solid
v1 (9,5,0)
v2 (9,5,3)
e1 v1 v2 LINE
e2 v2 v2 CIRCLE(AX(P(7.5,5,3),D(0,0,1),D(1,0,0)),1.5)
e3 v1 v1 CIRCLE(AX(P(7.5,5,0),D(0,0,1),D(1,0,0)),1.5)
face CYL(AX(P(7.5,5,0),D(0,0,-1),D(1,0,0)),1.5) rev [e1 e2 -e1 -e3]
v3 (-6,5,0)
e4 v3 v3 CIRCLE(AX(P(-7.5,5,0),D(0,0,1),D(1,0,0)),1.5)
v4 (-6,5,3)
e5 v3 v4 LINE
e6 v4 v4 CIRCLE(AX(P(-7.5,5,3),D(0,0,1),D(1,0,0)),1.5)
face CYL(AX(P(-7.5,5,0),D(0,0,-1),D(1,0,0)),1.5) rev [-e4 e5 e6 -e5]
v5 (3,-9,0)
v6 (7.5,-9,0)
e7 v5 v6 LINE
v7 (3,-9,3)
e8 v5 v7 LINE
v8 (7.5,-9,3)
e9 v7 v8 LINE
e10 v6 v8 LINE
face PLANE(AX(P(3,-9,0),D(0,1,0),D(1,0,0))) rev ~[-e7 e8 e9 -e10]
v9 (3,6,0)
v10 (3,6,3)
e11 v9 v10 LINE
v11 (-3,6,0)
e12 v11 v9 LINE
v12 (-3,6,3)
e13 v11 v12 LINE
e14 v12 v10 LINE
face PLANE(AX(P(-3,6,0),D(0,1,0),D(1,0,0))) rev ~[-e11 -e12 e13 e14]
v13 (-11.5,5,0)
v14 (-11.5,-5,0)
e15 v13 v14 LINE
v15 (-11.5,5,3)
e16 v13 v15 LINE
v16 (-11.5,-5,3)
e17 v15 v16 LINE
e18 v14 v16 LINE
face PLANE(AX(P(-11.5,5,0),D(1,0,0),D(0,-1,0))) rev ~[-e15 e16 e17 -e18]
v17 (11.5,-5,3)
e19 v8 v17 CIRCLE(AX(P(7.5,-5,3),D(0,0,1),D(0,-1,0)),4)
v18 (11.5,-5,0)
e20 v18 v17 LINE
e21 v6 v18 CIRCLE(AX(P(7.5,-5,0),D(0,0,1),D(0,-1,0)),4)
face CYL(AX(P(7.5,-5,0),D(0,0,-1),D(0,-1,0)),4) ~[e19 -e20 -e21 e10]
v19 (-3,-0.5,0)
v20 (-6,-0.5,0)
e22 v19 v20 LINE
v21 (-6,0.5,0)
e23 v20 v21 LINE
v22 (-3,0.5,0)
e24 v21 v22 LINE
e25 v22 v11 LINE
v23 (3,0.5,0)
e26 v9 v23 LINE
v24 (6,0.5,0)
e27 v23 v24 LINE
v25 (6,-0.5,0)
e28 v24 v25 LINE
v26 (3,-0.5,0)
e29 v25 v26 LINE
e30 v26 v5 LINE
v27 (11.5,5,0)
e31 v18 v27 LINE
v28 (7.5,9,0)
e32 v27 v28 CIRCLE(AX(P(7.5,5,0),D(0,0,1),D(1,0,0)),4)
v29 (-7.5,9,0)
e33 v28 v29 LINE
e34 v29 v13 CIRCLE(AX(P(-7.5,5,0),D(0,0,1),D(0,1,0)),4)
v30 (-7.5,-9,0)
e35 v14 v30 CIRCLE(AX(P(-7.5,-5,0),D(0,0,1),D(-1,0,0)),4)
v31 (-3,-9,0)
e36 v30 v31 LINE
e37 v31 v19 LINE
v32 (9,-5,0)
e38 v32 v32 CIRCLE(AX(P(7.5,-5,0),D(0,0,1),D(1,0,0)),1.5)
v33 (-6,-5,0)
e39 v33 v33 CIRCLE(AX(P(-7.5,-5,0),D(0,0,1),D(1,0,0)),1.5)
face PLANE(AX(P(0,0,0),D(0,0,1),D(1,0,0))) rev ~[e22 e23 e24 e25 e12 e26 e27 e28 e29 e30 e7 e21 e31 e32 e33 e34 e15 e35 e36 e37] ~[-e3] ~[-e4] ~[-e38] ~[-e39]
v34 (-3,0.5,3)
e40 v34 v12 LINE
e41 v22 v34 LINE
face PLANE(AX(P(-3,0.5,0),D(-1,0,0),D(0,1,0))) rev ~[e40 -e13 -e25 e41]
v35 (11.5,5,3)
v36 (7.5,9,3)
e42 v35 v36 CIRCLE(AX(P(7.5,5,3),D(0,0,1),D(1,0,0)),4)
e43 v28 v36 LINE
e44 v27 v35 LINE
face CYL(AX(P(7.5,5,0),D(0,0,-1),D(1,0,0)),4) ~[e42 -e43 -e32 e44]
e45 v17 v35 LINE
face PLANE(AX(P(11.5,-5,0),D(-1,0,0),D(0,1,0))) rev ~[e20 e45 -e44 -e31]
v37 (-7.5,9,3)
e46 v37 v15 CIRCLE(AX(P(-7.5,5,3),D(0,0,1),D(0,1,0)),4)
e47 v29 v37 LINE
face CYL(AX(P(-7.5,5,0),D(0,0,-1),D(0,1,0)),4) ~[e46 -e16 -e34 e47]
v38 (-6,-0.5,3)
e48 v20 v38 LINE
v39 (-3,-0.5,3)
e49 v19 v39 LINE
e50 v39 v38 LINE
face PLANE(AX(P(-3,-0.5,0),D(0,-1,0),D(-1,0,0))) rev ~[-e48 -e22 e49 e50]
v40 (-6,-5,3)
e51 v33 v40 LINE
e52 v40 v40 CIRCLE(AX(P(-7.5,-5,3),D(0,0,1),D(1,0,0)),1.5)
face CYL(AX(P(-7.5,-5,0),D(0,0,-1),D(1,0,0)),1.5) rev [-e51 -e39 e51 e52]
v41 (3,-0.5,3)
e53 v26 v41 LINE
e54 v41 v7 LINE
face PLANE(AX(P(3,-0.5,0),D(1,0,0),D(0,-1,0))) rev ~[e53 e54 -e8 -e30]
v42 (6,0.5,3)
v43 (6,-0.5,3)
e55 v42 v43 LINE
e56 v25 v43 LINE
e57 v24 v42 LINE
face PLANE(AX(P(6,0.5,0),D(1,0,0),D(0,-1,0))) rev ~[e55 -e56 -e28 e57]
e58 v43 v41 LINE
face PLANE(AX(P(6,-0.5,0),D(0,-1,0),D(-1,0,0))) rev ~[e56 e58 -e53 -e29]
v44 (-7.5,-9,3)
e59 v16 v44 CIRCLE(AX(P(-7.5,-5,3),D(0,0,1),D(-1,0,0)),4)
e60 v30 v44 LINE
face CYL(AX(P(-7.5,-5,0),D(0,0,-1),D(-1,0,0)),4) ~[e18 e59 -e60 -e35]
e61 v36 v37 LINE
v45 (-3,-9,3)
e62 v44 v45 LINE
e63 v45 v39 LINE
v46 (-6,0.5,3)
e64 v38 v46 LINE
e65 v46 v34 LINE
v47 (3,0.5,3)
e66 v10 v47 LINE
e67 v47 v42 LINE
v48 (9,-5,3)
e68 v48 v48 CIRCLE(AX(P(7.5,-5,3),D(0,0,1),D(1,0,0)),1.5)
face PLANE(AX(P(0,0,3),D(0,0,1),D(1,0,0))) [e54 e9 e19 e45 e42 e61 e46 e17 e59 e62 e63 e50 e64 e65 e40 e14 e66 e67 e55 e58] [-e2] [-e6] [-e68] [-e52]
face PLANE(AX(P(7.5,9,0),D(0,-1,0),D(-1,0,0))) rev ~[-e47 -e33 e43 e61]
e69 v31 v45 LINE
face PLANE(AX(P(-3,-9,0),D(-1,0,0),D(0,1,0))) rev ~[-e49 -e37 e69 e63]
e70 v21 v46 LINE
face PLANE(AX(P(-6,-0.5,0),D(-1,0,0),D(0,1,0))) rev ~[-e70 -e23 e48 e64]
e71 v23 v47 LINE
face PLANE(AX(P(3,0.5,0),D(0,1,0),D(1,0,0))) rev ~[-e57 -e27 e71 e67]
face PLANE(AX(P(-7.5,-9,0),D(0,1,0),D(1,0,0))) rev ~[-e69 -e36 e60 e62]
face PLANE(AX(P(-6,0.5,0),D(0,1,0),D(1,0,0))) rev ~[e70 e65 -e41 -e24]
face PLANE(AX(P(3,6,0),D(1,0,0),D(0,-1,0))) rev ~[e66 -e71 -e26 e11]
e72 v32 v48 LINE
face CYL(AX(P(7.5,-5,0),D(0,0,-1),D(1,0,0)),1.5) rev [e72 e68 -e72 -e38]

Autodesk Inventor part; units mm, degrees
ref_plane "YZ Plane" through (0, 0, 0) normal (1, 0, 0) x (0, 1, 0)
ref_plane "XZ Plane" through (0, 0, 0) normal (0, 1, 0) x (-1, 0, 0)
ref_plane "XY Plane" through (0, 0, 0) normal (0, 0, 1) x (1, 0, 0)
sketch "Sketch1" plane through (0, 0, 0) normal (0, 0, 1) x (1, 0, 0)
  line L0 (-3, -9) -> (-3, -0.5)
  line L1 (-3, -0.5) -> (-6, -0.5)
  line L2 (-6, -0.5) -> (-6, 0.5)
  line L3 (-6, 0.5) -> (-3, 0.5)
  line L4 (-3, 0.5) -> (-3, 6)
  line L5 (-3, 6) -> (3, 6)
  line L6 (3, 6) -> (3, 0.5)
  line L7 (3, 0.5) -> (6, 0.5)
  line L8 (6, 0.5) -> (6, -0.5)
  line L9 (6, -0.5) -> (3, -0.5)
  line L10 (3, -0.5) -> (3, -9)
  line L11 (3, -9) -> (7.5, -9)
  arc A0 (7.5, -9) -> (11.5, -5) centre (7.5, -5) ccw
  line L12 (11.5, -5) -> (11.5, 5)
  arc A1 (11.5, 5) -> (7.5, 9) centre (7.5, 5) ccw
  line L13 (7.5, 9) -> (-7.5, 9)
  arc A2 (-7.5, 9) -> (-11.5, 5) centre (-7.5, 5) ccw
  line L14 (-11.5, 5) -> (-11.5, -5)
  arc A3 (-11.5, -5) -> (-7.5, -9) centre (-7.5, -5) ccw
  line L15 (-7.5, -9) -> (-3, -9)
  circle A4 centre (-7.5, 5) radius 1.5
  circle A5 centre (-7.5, -5) radius 1.5
  circle A6 centre (7.5, -5) radius 1.5
  circle A7 centre (7.5, 5) radius 1.5
  point P0 (0, 0)
extrude "Extrusion1" add sketch "Sketch1" along normal blind 3
properties part number "LegMount"
